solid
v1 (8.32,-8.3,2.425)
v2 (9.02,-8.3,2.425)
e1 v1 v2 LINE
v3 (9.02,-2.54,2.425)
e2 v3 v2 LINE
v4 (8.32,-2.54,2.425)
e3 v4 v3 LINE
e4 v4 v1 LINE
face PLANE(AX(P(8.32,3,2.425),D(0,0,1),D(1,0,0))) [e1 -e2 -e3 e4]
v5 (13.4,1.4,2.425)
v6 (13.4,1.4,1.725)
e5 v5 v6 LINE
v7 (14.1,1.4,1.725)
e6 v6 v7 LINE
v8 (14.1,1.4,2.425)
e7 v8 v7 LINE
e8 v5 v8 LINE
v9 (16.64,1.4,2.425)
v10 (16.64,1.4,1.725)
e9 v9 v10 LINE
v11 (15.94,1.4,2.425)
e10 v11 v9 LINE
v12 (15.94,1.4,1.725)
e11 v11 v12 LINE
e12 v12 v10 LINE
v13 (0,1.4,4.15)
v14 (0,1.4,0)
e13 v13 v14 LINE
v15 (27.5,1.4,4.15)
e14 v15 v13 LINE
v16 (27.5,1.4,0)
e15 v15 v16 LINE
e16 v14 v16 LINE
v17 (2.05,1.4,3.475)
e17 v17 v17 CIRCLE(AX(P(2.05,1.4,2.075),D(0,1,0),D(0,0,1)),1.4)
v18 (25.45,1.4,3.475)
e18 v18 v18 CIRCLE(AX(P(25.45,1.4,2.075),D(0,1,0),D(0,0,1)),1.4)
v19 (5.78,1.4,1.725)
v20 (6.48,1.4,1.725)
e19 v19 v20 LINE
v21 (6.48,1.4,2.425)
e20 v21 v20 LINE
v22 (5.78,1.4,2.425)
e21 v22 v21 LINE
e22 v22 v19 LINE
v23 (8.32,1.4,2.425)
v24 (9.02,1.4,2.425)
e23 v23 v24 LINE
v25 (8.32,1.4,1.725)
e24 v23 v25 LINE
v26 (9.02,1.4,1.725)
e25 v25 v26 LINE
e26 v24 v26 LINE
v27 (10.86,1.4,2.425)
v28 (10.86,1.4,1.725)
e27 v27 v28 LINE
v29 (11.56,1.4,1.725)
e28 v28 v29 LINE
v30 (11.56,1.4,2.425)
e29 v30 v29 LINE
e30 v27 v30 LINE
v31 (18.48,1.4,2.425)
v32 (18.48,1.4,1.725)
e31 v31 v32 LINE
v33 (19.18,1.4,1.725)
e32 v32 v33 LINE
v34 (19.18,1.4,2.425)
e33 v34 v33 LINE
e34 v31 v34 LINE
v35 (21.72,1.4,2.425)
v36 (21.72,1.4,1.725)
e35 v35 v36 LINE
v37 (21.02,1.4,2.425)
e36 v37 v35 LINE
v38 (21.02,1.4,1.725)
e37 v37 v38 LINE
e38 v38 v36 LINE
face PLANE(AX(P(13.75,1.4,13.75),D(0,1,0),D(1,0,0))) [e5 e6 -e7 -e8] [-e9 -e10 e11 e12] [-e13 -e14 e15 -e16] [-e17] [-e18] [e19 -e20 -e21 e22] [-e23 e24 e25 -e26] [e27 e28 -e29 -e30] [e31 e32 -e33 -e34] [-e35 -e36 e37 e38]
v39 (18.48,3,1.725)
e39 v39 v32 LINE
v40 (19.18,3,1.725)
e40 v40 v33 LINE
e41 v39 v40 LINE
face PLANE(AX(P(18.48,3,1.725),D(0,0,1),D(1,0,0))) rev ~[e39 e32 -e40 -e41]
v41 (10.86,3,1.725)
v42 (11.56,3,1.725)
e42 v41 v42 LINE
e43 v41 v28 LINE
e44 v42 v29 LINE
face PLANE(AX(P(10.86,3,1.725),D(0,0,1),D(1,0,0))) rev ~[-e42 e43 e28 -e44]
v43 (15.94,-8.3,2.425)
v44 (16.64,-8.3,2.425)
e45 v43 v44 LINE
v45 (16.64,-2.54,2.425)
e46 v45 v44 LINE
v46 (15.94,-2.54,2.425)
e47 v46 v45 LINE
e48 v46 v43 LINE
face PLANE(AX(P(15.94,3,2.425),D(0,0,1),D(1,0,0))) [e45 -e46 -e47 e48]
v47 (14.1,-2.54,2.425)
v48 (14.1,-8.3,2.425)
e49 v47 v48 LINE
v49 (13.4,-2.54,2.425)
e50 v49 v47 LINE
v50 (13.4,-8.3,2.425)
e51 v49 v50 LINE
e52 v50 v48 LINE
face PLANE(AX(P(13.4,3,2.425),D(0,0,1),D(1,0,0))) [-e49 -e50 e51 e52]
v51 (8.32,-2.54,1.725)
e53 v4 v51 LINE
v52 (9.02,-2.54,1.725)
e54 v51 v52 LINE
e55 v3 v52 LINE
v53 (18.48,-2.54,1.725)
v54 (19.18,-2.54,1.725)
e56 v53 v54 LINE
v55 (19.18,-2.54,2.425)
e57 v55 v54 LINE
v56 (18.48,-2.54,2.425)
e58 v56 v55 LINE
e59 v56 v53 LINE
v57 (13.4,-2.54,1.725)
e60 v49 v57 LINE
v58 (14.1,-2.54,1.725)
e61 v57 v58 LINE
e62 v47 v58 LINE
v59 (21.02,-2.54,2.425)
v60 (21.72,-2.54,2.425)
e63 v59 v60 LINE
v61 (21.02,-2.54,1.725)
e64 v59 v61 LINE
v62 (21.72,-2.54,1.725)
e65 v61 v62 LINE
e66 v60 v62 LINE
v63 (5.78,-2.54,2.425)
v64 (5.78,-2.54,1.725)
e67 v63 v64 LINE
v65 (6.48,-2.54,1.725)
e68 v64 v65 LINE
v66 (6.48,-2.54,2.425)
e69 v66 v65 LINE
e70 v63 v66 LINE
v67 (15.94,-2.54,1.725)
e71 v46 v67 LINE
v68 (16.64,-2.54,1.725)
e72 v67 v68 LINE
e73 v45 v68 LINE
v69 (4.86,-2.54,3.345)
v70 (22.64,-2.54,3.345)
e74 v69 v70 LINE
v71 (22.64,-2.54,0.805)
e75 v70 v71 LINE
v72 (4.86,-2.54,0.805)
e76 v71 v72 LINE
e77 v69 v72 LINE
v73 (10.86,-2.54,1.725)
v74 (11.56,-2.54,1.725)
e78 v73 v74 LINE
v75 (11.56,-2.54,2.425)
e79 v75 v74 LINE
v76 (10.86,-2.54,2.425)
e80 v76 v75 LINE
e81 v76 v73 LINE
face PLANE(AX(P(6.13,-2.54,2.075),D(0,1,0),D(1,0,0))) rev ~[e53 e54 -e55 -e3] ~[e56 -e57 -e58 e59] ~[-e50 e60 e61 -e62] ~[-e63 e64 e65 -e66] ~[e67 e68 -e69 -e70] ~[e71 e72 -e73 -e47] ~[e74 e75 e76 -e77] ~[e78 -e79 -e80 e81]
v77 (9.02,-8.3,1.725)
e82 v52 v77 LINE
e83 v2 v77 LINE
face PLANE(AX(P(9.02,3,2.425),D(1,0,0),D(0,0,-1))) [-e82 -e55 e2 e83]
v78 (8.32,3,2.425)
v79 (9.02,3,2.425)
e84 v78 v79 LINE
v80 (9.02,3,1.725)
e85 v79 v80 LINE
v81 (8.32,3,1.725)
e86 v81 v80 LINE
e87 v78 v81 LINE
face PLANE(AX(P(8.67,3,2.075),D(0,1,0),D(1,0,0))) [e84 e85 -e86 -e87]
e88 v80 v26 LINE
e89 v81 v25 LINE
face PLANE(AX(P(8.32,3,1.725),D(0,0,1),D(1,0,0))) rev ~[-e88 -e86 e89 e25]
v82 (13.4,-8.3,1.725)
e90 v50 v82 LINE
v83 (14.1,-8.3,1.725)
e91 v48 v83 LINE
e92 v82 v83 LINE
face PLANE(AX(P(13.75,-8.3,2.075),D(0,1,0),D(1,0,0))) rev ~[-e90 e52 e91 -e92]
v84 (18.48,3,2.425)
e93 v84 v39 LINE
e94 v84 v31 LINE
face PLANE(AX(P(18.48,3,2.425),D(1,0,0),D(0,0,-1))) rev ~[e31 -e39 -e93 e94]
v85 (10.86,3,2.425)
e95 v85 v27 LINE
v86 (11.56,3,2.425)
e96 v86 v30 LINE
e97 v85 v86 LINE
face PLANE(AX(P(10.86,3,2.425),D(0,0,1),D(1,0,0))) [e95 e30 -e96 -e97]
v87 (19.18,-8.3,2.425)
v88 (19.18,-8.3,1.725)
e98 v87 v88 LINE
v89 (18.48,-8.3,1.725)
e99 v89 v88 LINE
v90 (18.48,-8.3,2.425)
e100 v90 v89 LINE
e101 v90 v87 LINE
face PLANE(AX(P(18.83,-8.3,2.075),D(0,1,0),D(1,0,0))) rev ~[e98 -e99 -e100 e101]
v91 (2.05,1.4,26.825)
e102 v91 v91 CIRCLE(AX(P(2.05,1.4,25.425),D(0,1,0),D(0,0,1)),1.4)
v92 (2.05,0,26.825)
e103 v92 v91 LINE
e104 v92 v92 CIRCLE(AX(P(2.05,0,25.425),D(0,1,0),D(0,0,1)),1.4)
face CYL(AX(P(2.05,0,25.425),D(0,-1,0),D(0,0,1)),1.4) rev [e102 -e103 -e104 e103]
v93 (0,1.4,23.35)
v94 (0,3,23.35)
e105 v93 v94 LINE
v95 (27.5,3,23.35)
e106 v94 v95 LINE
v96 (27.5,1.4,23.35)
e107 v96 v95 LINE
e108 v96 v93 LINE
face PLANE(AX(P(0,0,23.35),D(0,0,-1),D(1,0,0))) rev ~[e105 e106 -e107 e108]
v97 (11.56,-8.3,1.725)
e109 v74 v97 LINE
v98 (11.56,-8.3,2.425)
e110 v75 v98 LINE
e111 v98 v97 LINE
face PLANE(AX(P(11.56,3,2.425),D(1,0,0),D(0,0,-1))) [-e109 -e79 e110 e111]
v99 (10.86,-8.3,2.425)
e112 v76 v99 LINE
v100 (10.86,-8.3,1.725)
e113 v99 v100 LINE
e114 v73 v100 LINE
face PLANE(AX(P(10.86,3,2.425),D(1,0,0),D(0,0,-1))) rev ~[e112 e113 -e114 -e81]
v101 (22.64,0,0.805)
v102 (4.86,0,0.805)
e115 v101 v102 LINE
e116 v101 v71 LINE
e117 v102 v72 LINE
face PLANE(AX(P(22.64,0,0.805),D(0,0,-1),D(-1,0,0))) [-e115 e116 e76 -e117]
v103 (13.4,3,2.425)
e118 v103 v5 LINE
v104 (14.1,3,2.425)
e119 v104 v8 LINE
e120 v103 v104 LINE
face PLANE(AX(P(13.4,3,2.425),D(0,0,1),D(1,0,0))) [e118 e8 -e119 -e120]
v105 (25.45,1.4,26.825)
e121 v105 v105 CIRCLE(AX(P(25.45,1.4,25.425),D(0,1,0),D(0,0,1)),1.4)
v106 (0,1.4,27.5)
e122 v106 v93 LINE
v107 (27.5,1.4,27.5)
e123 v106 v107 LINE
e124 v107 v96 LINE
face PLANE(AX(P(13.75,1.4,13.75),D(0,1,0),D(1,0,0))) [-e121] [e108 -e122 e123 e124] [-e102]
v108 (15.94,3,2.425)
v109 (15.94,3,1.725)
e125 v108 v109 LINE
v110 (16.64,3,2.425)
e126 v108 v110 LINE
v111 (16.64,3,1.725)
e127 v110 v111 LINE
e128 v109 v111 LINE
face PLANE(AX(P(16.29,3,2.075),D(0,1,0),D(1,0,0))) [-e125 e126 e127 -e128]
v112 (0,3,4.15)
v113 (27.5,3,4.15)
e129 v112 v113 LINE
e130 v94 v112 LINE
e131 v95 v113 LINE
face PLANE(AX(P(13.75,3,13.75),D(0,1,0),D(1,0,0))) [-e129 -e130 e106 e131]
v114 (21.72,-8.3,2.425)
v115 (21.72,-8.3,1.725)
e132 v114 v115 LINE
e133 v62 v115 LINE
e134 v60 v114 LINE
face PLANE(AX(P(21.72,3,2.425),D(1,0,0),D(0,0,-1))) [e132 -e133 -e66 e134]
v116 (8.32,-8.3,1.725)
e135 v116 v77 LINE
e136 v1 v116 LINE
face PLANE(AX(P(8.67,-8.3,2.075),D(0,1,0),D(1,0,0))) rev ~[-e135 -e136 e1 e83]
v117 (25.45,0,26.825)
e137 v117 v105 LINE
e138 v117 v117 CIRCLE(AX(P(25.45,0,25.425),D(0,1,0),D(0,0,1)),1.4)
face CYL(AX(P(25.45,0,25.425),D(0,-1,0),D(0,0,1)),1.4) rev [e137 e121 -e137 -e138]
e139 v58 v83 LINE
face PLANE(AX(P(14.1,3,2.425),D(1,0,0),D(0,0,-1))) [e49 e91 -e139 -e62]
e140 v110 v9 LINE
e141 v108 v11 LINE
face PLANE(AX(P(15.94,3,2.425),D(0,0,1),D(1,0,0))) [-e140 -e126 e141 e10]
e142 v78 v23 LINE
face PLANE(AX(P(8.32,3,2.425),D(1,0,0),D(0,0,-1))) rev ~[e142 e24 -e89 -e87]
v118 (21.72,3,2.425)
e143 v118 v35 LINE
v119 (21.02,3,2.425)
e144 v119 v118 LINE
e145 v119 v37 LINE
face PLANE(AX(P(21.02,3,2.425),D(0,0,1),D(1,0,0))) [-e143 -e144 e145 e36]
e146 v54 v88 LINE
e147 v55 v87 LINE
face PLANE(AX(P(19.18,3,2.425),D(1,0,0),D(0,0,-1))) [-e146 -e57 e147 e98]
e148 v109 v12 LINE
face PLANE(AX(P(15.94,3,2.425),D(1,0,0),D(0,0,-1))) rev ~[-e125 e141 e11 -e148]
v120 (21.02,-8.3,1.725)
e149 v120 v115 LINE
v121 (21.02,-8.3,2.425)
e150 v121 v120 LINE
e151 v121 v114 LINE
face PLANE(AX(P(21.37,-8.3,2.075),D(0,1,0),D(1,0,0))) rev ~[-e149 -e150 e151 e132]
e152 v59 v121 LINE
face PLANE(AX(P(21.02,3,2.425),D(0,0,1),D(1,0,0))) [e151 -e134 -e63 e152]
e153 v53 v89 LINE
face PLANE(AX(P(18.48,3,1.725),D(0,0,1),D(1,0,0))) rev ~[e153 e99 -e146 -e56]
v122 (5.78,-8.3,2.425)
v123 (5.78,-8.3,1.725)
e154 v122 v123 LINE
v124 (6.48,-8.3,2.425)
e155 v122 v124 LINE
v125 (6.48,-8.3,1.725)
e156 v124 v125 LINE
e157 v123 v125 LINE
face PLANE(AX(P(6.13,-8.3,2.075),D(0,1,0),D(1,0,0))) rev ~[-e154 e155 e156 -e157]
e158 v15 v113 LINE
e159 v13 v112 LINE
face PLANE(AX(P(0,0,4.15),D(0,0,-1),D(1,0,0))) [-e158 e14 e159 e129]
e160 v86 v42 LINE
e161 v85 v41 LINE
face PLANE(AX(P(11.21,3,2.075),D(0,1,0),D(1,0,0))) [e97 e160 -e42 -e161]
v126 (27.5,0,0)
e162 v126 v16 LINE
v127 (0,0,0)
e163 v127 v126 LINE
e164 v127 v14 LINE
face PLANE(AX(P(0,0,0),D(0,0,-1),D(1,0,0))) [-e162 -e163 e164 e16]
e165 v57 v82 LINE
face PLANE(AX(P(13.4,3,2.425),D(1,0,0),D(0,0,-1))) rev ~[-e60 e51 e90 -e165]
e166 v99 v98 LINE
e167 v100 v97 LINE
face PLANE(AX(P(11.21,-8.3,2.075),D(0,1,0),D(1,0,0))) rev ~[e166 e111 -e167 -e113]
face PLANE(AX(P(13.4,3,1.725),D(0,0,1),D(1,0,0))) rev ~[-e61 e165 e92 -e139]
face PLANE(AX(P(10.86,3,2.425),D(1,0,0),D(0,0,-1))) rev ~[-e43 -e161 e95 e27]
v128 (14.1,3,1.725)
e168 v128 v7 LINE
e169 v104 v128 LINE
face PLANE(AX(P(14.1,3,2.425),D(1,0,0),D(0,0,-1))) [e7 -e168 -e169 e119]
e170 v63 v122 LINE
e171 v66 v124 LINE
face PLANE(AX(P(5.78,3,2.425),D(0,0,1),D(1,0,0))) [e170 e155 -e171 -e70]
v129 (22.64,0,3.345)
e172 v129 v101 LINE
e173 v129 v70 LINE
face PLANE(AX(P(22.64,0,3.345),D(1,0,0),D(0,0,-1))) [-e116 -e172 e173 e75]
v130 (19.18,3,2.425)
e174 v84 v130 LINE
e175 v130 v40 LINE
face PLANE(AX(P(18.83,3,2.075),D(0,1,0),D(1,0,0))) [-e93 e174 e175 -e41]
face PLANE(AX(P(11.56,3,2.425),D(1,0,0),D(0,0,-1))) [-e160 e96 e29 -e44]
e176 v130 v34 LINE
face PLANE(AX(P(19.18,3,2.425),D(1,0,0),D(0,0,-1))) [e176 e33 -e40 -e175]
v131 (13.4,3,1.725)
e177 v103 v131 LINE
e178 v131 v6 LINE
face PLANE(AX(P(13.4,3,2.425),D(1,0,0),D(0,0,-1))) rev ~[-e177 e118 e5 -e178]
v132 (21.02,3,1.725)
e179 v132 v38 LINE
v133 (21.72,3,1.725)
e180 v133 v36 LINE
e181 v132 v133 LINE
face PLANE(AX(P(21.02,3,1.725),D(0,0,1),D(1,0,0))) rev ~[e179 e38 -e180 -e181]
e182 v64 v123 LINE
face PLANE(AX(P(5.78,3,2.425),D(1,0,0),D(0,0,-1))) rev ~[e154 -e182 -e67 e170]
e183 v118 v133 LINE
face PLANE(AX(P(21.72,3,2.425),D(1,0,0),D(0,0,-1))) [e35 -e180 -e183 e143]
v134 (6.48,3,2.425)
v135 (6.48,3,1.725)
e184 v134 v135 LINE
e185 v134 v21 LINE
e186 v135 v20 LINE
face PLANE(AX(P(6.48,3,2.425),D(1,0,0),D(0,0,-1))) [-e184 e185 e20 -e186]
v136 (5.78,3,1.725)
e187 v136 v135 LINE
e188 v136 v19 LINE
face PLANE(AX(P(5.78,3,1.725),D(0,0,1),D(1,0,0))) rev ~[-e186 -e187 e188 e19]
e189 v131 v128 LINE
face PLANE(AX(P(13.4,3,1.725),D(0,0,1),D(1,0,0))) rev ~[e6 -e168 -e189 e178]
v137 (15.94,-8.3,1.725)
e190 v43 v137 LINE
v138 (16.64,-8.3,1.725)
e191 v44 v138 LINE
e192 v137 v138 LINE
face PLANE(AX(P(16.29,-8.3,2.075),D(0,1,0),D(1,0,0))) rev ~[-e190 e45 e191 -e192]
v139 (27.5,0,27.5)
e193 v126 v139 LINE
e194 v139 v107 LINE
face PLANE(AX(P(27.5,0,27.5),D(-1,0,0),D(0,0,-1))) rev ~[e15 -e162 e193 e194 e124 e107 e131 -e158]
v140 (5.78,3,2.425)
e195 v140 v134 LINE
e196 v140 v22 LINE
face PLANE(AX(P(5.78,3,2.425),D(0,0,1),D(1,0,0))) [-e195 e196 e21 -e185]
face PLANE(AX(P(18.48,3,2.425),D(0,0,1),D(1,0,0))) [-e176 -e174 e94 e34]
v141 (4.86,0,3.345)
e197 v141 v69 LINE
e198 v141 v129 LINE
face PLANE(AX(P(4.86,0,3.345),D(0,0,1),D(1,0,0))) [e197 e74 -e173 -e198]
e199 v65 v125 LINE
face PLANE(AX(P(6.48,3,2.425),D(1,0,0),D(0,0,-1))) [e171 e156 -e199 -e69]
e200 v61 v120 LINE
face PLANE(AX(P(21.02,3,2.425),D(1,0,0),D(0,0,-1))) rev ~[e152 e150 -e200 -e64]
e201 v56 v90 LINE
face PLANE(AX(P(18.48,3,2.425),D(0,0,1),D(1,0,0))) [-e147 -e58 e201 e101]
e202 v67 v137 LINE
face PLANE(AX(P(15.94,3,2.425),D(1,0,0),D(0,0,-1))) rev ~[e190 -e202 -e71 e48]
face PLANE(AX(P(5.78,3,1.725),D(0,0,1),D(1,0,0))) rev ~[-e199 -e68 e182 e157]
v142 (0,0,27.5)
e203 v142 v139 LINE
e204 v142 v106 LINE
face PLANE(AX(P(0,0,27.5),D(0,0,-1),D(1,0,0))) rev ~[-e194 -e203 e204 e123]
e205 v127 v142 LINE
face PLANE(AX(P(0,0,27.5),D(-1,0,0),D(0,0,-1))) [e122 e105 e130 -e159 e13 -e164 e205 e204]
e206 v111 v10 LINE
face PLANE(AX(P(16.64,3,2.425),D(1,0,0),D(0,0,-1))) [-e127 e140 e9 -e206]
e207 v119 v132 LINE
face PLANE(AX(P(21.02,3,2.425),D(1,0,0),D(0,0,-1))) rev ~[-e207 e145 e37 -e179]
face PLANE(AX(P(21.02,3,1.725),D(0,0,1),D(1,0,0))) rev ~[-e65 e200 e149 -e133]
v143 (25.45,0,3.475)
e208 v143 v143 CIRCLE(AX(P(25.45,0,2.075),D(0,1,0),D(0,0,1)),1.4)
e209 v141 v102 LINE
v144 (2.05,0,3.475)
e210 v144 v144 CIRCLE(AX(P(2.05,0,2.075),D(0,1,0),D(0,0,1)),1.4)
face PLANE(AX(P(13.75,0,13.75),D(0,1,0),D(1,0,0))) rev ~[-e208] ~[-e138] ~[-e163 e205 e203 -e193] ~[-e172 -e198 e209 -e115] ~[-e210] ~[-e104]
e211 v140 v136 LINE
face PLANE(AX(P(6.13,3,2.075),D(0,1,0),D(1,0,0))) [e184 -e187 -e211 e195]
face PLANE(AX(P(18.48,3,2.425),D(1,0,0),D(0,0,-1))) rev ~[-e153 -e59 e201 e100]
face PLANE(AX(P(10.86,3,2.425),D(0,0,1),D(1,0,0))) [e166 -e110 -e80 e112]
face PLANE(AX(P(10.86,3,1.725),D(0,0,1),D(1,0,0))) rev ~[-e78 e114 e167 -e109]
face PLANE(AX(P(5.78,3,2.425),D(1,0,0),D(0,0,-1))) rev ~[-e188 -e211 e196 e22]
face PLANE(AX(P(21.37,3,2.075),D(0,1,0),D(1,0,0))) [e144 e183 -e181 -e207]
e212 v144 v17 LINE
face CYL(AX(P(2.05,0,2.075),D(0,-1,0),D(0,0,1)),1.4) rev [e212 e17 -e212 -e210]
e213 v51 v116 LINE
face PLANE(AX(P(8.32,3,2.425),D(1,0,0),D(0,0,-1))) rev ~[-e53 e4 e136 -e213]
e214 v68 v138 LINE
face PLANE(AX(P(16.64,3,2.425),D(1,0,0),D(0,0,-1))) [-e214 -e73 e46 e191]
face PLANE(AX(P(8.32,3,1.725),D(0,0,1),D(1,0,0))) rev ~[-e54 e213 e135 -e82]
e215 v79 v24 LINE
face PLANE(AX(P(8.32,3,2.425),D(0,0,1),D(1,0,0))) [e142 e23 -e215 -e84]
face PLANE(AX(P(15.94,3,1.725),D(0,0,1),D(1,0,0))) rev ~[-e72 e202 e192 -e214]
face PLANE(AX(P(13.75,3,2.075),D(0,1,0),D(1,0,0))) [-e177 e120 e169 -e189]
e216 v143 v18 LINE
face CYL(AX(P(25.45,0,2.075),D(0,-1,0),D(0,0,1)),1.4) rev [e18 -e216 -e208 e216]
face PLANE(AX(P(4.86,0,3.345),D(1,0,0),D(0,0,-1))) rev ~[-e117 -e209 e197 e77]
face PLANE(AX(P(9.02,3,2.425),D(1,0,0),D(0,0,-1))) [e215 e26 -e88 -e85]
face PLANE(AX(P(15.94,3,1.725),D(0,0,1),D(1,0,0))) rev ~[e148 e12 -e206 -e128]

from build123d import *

# Parameters (mm, degrees)
SKETCH_1_W      = 27.5
SKETCH_1_H      = 27.5
SKETCH_1_R      = 1.4
EXTRUDE_1_DEPTH = 1.4
SKETCH_1_3_W    = 27.5
SKETCH_1_3_H    = 19.2
EXTRUDE_2_DEPTH = 3
SKETCH_1_4_W    = 2.54
SKETCH_1_4_H    = 2.54
EXTRUDE_3_DEPTH = 2.54
EXTRUDE_START   = 3
SKETCH_1_5_W    = 0.7
SKETCH_1_5_H    = 0.7
EXTRUDE_4_DEPTH = 11.3


with BuildPart() as part:
    # 草图1 → 凸台-拉伸1 (new body)
    with BuildSketch(Plane(origin=(0, 0, 0), x_dir=(1, 0, 0), z_dir=(0, 1, 0))):
        with Locations((13.75, -13.75)):
            Rectangle(SKETCH_1_W, SKETCH_1_H)
        with Locations(Location((2.05, -2.075, 0), (0, 0, 270))):
            Circle(SKETCH_1_R, mode=Mode.SUBTRACT)
        with Locations(Location((25.45, -2.075, 0), (0, 0, 270))):
            Circle(SKETCH_1_R, mode=Mode.SUBTRACT)
        with Locations(Location((2.05, -25.425, 0), (0, 0, 270))):
            Circle(SKETCH_1_R, mode=Mode.SUBTRACT)
        with Locations(Location((25.45, -25.425, 0), (0, 0, 270))):
            Circle(SKETCH_1_R, mode=Mode.SUBTRACT)
    extrude(amount=EXTRUDE_1_DEPTH)

    # 草图1<3> → 凸台-拉伸2 (add)
    with BuildSketch(Plane(origin=(0, 0, 0), x_dir=(1, 0, 0), z_dir=(0, 1, 0))):
        with Locations((13.75, -13.75)):
            Rectangle(SKETCH_1_3_W, SKETCH_1_3_H)
    extrude(amount=EXTRUDE_2_DEPTH)

    # 草图1<4> → 凸台-拉伸3 (add)
    with BuildSketch(Plane(origin=(0, 0, 0), x_dir=(1, 0, 0), z_dir=(0, 1, 0))):
        with Locations((6.13, -2.075)):
            Rectangle(SKETCH_1_4_W, SKETCH_1_4_H)
        with Locations((8.67, -2.075)):
            Rectangle(SKETCH_1_4_W, SKETCH_1_4_H)
        with Locations((11.21, -2.075)):
            Rectangle(SKETCH_1_4_W, SKETCH_1_4_H)
        with Locations((13.75, -2.075)):
            Rectangle(SKETCH_1_4_W, SKETCH_1_4_H)
        with Locations((16.29, -2.075)):
            Rectangle(SKETCH_1_4_W, SKETCH_1_4_H)
        with Locations((18.83, -2.075)):
            Rectangle(SKETCH_1_4_W, SKETCH_1_4_H)
        with Locations((21.37, -2.075)):
            Rectangle(SKETCH_1_4_W, SKETCH_1_4_H)
    extrude(amount=-EXTRUDE_3_DEPTH)

    # 草图1<5> → 凸台-拉伸4 (add)
    with BuildSketch(Plane(origin=(0, 0, 0), x_dir=(1, 0, 0), z_dir=(0, 1, 0)).offset(EXTRUDE_START)):
        with Locations((6.13, -2.075)):
            Rectangle(SKETCH_1_5_W, SKETCH_1_5_H)
        with Locations((8.67, -2.075)):
            Rectangle(SKETCH_1_5_W, SKETCH_1_5_H)
        with Locations((11.21, -2.075)):
            Rectangle(SKETCH_1_5_W, SKETCH_1_5_H)
        with Locations((13.75, -2.075)):
            Rectangle(SKETCH_1_5_W, SKETCH_1_5_H)
        with Locations((16.29, -2.075)):
            Rectangle(SKETCH_1_5_W, SKETCH_1_5_H)
        with Locations((18.83, -2.075)):
            Rectangle(SKETCH_1_5_W, SKETCH_1_5_H)
        with Locations((21.37, -2.075)):
            Rectangle(SKETCH_1_5_W, SKETCH_1_5_H)
    extrude(amount=-EXTRUDE_4_DEPTH)


solid = part.part
